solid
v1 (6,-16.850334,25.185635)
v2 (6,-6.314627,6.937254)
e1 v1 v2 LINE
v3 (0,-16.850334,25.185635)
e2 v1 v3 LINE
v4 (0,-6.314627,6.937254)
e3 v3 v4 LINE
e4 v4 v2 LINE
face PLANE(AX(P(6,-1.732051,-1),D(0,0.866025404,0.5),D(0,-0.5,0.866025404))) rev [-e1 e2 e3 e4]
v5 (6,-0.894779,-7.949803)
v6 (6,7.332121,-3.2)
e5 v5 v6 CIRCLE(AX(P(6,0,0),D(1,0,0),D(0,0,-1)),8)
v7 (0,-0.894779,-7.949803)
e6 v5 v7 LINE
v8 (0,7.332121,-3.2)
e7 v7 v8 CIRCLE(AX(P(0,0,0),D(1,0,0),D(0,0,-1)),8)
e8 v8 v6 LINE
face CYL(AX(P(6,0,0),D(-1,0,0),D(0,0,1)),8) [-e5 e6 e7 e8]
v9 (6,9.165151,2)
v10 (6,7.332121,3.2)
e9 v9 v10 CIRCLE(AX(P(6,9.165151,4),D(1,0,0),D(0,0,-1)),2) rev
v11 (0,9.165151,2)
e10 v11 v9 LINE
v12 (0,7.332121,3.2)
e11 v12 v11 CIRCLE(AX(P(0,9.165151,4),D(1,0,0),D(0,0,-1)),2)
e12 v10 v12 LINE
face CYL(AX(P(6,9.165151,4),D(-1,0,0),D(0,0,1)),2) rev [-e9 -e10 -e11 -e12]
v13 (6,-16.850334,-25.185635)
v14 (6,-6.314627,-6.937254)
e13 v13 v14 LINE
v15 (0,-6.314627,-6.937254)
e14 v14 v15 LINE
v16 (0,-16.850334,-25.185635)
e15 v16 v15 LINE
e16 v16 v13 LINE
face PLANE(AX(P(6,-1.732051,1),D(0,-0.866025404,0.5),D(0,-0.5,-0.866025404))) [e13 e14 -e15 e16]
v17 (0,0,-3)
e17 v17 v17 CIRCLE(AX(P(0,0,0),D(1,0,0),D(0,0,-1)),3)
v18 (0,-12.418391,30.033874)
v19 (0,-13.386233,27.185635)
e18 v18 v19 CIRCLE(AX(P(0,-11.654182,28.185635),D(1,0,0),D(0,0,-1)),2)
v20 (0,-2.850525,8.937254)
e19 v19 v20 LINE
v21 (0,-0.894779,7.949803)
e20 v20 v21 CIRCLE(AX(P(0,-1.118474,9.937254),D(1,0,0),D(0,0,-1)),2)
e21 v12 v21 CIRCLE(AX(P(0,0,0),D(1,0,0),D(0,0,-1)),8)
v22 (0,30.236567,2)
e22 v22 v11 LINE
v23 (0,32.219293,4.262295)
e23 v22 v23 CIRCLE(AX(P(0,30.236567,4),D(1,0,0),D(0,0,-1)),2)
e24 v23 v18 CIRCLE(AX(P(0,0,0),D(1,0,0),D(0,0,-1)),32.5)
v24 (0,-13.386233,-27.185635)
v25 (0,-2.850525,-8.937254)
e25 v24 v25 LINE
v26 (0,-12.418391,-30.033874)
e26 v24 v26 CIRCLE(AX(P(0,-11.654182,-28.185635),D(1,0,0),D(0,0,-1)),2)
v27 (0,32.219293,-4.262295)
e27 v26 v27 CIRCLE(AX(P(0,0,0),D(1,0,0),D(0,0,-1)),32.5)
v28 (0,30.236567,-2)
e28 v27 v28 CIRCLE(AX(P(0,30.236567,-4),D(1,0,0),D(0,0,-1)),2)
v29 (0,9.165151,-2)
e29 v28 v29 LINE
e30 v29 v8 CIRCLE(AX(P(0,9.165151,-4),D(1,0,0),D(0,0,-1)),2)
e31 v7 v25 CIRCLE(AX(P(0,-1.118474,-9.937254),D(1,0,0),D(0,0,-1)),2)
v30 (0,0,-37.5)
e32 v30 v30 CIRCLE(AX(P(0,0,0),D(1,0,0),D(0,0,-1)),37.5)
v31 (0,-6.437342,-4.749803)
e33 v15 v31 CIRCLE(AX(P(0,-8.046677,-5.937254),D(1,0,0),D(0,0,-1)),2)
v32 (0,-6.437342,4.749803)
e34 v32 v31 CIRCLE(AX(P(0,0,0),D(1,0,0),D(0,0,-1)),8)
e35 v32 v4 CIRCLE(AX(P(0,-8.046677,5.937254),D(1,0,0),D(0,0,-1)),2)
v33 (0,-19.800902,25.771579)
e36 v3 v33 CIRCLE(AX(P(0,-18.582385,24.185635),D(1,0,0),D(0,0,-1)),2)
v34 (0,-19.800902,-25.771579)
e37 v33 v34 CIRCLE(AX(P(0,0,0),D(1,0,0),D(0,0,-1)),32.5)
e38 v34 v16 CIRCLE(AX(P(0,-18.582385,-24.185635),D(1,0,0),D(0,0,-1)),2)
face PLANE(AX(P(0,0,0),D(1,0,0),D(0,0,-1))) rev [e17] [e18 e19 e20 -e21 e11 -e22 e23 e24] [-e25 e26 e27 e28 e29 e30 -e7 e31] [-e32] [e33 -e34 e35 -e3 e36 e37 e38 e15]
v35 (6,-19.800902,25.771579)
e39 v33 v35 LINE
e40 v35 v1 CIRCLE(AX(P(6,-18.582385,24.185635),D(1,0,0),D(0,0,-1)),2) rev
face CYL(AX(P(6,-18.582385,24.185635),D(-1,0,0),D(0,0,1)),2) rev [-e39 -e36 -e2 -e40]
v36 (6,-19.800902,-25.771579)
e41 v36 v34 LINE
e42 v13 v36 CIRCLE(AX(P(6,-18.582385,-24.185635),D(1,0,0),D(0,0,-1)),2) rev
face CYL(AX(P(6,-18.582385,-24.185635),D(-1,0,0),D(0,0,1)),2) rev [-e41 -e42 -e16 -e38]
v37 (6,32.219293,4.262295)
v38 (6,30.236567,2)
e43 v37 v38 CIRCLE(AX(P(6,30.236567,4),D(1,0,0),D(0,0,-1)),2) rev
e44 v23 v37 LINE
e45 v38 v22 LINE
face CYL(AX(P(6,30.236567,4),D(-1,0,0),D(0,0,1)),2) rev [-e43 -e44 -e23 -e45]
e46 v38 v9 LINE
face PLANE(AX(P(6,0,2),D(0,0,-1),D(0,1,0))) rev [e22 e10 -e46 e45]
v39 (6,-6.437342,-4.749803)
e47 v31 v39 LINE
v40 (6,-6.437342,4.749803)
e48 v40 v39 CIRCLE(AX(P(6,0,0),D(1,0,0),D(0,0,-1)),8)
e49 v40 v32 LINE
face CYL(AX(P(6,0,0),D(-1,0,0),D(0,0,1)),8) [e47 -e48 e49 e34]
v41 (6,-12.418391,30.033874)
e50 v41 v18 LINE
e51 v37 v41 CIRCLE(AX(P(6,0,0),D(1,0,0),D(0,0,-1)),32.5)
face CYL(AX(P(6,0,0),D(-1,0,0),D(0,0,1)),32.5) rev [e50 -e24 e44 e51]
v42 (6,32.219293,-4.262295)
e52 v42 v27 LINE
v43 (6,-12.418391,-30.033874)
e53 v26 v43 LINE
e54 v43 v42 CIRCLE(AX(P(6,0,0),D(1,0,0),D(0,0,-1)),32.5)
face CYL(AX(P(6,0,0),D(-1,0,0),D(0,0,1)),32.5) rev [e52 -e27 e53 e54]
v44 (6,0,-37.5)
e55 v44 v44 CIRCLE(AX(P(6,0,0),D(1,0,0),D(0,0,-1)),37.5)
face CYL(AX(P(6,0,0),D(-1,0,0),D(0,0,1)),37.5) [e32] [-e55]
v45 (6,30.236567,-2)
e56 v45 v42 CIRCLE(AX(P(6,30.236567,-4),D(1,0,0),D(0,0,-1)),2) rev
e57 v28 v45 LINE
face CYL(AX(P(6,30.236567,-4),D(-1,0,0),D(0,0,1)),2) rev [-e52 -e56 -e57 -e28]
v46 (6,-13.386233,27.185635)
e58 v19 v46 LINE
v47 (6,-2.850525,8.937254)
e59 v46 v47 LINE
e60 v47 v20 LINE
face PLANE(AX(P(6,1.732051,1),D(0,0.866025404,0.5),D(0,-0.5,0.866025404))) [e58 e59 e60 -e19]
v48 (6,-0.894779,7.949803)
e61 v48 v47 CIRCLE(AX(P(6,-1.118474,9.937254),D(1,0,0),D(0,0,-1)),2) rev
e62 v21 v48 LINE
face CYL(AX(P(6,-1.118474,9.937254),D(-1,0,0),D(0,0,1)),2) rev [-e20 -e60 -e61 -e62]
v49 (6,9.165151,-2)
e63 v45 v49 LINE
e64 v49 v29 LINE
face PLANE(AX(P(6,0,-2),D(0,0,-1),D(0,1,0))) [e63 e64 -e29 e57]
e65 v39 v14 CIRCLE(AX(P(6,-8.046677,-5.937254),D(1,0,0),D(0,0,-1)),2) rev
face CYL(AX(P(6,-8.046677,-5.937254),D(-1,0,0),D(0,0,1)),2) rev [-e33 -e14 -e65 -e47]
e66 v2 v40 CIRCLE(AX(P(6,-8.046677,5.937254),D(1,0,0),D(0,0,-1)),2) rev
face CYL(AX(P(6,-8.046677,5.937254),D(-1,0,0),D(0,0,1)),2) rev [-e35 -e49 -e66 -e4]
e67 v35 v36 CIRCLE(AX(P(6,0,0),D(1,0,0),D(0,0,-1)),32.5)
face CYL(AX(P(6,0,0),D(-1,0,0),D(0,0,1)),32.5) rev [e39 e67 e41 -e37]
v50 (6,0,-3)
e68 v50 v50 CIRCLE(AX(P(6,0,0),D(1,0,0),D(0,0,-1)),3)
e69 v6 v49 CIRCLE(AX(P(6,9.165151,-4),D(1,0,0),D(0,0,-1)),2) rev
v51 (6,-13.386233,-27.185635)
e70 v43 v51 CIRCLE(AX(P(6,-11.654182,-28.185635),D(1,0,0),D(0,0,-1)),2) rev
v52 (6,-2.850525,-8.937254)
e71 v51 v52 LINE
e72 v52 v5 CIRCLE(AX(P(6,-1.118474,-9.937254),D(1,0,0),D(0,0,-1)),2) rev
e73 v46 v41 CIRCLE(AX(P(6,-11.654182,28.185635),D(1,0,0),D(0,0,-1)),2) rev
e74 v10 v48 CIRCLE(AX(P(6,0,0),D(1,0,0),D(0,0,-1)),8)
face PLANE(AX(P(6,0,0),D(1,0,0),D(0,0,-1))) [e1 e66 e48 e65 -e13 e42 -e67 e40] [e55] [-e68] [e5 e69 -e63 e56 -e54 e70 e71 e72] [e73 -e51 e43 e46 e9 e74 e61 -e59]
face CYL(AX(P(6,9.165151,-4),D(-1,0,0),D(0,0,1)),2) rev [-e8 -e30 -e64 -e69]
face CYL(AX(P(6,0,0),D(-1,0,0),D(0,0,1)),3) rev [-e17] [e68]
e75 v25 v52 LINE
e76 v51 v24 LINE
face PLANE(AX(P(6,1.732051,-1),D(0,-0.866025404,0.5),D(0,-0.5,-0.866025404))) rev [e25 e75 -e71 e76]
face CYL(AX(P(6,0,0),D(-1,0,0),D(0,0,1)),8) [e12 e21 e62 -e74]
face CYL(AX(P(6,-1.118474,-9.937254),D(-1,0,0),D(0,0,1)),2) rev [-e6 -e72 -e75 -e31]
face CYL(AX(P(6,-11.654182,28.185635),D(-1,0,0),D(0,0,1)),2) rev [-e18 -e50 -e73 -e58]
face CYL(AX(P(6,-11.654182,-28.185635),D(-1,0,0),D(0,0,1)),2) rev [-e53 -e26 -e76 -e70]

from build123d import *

# Parameters (mm, degrees)
SKETCH1_R           = 37.5
SKETCH1_R_2         = 3
BOSS_EXTRUDE1_DEPTH = 6
FILLET1_R           = 2


with BuildPart() as part:
    # Sketch1 → Boss-Extrude1 (new body)
    with BuildSketch(Plane(origin=(0, 0, 0), x_dir=(0, 0, -1), z_dir=(1, 0, 0))):
        Circle(SKETCH1_R)
        with BuildLine():
            ThreePointArc((-2, 7.745966692), (-6.92820323, 4), (-7.708203932, -2.140932539))
            Line((-7.708203932, -2.140932539), (-29.0924812, -14.487150776))
            ThreePointArc((-29.0924812, -14.487150776), (-28.145825623, 16.25), (-2, 32.438403167))
            Line((-2, 32.438403167), (-2, 7.745966692))
        make_face(mode=Mode.SUBTRACT)
        Circle(SKETCH1_R_2, mode=Mode.SUBTRACT)
        with BuildLine():
            ThreePointArc((-5.708203932, -5.605034154), (0, -8), (5.708203933, -5.605034154))
            Line((5.708203933, -5.605034154), (27.0924812, -17.951252391))
            ThreePointArc((27.0924812, -17.951252391), (0, -32.5), (-27.0924812, -17.951252391))
            Line((-27.0924812, -17.951252391), (-5.708203932, -5.605034154))
        make_face(mode=Mode.SUBTRACT)
        with BuildLine():
            ThreePointArc((7.708203933, -2.140932539), (6.92820323, 4), (2, 7.745966692))
            Line((2, 7.745966692), (2, 32.438403167))
            ThreePointArc((2, 32.438403167), (28.145825623, 16.25), (29.0924812, -14.487150776))
            Line((29.0924812, -14.487150776), (7.708203933, -2.140932539))
        make_face(mode=Mode.SUBTRACT)
    extrude(amount=BOSS_EXTRUDE1_DEPTH)

    # Fillet1
    fillet1_edges = [part.edges().sort_by_distance(p)[0] for p in [
        (3, 32.438403167, 2),
        (3, -14.487150776, 29.0924812),
        (3, -2.140932539, 7.708203932),
        (3, 7.745966692, 2),
        (3, -17.951252391, 27.0924812),
        (3, -17.951252391, -27.0924812),
        (3, -5.605034154, -5.708203933),
        (3, -5.605034154, 5.708203932),
        (3, -14.487150776, -29.0924812),
        (3, 32.438403167, -2),
        (3, 7.745966692, -2),
        (3, -2.140932539, -7.708203933),
    ]]
    fillet(fillet1_edges, radius=FILLET1_R)


solid = part.part
